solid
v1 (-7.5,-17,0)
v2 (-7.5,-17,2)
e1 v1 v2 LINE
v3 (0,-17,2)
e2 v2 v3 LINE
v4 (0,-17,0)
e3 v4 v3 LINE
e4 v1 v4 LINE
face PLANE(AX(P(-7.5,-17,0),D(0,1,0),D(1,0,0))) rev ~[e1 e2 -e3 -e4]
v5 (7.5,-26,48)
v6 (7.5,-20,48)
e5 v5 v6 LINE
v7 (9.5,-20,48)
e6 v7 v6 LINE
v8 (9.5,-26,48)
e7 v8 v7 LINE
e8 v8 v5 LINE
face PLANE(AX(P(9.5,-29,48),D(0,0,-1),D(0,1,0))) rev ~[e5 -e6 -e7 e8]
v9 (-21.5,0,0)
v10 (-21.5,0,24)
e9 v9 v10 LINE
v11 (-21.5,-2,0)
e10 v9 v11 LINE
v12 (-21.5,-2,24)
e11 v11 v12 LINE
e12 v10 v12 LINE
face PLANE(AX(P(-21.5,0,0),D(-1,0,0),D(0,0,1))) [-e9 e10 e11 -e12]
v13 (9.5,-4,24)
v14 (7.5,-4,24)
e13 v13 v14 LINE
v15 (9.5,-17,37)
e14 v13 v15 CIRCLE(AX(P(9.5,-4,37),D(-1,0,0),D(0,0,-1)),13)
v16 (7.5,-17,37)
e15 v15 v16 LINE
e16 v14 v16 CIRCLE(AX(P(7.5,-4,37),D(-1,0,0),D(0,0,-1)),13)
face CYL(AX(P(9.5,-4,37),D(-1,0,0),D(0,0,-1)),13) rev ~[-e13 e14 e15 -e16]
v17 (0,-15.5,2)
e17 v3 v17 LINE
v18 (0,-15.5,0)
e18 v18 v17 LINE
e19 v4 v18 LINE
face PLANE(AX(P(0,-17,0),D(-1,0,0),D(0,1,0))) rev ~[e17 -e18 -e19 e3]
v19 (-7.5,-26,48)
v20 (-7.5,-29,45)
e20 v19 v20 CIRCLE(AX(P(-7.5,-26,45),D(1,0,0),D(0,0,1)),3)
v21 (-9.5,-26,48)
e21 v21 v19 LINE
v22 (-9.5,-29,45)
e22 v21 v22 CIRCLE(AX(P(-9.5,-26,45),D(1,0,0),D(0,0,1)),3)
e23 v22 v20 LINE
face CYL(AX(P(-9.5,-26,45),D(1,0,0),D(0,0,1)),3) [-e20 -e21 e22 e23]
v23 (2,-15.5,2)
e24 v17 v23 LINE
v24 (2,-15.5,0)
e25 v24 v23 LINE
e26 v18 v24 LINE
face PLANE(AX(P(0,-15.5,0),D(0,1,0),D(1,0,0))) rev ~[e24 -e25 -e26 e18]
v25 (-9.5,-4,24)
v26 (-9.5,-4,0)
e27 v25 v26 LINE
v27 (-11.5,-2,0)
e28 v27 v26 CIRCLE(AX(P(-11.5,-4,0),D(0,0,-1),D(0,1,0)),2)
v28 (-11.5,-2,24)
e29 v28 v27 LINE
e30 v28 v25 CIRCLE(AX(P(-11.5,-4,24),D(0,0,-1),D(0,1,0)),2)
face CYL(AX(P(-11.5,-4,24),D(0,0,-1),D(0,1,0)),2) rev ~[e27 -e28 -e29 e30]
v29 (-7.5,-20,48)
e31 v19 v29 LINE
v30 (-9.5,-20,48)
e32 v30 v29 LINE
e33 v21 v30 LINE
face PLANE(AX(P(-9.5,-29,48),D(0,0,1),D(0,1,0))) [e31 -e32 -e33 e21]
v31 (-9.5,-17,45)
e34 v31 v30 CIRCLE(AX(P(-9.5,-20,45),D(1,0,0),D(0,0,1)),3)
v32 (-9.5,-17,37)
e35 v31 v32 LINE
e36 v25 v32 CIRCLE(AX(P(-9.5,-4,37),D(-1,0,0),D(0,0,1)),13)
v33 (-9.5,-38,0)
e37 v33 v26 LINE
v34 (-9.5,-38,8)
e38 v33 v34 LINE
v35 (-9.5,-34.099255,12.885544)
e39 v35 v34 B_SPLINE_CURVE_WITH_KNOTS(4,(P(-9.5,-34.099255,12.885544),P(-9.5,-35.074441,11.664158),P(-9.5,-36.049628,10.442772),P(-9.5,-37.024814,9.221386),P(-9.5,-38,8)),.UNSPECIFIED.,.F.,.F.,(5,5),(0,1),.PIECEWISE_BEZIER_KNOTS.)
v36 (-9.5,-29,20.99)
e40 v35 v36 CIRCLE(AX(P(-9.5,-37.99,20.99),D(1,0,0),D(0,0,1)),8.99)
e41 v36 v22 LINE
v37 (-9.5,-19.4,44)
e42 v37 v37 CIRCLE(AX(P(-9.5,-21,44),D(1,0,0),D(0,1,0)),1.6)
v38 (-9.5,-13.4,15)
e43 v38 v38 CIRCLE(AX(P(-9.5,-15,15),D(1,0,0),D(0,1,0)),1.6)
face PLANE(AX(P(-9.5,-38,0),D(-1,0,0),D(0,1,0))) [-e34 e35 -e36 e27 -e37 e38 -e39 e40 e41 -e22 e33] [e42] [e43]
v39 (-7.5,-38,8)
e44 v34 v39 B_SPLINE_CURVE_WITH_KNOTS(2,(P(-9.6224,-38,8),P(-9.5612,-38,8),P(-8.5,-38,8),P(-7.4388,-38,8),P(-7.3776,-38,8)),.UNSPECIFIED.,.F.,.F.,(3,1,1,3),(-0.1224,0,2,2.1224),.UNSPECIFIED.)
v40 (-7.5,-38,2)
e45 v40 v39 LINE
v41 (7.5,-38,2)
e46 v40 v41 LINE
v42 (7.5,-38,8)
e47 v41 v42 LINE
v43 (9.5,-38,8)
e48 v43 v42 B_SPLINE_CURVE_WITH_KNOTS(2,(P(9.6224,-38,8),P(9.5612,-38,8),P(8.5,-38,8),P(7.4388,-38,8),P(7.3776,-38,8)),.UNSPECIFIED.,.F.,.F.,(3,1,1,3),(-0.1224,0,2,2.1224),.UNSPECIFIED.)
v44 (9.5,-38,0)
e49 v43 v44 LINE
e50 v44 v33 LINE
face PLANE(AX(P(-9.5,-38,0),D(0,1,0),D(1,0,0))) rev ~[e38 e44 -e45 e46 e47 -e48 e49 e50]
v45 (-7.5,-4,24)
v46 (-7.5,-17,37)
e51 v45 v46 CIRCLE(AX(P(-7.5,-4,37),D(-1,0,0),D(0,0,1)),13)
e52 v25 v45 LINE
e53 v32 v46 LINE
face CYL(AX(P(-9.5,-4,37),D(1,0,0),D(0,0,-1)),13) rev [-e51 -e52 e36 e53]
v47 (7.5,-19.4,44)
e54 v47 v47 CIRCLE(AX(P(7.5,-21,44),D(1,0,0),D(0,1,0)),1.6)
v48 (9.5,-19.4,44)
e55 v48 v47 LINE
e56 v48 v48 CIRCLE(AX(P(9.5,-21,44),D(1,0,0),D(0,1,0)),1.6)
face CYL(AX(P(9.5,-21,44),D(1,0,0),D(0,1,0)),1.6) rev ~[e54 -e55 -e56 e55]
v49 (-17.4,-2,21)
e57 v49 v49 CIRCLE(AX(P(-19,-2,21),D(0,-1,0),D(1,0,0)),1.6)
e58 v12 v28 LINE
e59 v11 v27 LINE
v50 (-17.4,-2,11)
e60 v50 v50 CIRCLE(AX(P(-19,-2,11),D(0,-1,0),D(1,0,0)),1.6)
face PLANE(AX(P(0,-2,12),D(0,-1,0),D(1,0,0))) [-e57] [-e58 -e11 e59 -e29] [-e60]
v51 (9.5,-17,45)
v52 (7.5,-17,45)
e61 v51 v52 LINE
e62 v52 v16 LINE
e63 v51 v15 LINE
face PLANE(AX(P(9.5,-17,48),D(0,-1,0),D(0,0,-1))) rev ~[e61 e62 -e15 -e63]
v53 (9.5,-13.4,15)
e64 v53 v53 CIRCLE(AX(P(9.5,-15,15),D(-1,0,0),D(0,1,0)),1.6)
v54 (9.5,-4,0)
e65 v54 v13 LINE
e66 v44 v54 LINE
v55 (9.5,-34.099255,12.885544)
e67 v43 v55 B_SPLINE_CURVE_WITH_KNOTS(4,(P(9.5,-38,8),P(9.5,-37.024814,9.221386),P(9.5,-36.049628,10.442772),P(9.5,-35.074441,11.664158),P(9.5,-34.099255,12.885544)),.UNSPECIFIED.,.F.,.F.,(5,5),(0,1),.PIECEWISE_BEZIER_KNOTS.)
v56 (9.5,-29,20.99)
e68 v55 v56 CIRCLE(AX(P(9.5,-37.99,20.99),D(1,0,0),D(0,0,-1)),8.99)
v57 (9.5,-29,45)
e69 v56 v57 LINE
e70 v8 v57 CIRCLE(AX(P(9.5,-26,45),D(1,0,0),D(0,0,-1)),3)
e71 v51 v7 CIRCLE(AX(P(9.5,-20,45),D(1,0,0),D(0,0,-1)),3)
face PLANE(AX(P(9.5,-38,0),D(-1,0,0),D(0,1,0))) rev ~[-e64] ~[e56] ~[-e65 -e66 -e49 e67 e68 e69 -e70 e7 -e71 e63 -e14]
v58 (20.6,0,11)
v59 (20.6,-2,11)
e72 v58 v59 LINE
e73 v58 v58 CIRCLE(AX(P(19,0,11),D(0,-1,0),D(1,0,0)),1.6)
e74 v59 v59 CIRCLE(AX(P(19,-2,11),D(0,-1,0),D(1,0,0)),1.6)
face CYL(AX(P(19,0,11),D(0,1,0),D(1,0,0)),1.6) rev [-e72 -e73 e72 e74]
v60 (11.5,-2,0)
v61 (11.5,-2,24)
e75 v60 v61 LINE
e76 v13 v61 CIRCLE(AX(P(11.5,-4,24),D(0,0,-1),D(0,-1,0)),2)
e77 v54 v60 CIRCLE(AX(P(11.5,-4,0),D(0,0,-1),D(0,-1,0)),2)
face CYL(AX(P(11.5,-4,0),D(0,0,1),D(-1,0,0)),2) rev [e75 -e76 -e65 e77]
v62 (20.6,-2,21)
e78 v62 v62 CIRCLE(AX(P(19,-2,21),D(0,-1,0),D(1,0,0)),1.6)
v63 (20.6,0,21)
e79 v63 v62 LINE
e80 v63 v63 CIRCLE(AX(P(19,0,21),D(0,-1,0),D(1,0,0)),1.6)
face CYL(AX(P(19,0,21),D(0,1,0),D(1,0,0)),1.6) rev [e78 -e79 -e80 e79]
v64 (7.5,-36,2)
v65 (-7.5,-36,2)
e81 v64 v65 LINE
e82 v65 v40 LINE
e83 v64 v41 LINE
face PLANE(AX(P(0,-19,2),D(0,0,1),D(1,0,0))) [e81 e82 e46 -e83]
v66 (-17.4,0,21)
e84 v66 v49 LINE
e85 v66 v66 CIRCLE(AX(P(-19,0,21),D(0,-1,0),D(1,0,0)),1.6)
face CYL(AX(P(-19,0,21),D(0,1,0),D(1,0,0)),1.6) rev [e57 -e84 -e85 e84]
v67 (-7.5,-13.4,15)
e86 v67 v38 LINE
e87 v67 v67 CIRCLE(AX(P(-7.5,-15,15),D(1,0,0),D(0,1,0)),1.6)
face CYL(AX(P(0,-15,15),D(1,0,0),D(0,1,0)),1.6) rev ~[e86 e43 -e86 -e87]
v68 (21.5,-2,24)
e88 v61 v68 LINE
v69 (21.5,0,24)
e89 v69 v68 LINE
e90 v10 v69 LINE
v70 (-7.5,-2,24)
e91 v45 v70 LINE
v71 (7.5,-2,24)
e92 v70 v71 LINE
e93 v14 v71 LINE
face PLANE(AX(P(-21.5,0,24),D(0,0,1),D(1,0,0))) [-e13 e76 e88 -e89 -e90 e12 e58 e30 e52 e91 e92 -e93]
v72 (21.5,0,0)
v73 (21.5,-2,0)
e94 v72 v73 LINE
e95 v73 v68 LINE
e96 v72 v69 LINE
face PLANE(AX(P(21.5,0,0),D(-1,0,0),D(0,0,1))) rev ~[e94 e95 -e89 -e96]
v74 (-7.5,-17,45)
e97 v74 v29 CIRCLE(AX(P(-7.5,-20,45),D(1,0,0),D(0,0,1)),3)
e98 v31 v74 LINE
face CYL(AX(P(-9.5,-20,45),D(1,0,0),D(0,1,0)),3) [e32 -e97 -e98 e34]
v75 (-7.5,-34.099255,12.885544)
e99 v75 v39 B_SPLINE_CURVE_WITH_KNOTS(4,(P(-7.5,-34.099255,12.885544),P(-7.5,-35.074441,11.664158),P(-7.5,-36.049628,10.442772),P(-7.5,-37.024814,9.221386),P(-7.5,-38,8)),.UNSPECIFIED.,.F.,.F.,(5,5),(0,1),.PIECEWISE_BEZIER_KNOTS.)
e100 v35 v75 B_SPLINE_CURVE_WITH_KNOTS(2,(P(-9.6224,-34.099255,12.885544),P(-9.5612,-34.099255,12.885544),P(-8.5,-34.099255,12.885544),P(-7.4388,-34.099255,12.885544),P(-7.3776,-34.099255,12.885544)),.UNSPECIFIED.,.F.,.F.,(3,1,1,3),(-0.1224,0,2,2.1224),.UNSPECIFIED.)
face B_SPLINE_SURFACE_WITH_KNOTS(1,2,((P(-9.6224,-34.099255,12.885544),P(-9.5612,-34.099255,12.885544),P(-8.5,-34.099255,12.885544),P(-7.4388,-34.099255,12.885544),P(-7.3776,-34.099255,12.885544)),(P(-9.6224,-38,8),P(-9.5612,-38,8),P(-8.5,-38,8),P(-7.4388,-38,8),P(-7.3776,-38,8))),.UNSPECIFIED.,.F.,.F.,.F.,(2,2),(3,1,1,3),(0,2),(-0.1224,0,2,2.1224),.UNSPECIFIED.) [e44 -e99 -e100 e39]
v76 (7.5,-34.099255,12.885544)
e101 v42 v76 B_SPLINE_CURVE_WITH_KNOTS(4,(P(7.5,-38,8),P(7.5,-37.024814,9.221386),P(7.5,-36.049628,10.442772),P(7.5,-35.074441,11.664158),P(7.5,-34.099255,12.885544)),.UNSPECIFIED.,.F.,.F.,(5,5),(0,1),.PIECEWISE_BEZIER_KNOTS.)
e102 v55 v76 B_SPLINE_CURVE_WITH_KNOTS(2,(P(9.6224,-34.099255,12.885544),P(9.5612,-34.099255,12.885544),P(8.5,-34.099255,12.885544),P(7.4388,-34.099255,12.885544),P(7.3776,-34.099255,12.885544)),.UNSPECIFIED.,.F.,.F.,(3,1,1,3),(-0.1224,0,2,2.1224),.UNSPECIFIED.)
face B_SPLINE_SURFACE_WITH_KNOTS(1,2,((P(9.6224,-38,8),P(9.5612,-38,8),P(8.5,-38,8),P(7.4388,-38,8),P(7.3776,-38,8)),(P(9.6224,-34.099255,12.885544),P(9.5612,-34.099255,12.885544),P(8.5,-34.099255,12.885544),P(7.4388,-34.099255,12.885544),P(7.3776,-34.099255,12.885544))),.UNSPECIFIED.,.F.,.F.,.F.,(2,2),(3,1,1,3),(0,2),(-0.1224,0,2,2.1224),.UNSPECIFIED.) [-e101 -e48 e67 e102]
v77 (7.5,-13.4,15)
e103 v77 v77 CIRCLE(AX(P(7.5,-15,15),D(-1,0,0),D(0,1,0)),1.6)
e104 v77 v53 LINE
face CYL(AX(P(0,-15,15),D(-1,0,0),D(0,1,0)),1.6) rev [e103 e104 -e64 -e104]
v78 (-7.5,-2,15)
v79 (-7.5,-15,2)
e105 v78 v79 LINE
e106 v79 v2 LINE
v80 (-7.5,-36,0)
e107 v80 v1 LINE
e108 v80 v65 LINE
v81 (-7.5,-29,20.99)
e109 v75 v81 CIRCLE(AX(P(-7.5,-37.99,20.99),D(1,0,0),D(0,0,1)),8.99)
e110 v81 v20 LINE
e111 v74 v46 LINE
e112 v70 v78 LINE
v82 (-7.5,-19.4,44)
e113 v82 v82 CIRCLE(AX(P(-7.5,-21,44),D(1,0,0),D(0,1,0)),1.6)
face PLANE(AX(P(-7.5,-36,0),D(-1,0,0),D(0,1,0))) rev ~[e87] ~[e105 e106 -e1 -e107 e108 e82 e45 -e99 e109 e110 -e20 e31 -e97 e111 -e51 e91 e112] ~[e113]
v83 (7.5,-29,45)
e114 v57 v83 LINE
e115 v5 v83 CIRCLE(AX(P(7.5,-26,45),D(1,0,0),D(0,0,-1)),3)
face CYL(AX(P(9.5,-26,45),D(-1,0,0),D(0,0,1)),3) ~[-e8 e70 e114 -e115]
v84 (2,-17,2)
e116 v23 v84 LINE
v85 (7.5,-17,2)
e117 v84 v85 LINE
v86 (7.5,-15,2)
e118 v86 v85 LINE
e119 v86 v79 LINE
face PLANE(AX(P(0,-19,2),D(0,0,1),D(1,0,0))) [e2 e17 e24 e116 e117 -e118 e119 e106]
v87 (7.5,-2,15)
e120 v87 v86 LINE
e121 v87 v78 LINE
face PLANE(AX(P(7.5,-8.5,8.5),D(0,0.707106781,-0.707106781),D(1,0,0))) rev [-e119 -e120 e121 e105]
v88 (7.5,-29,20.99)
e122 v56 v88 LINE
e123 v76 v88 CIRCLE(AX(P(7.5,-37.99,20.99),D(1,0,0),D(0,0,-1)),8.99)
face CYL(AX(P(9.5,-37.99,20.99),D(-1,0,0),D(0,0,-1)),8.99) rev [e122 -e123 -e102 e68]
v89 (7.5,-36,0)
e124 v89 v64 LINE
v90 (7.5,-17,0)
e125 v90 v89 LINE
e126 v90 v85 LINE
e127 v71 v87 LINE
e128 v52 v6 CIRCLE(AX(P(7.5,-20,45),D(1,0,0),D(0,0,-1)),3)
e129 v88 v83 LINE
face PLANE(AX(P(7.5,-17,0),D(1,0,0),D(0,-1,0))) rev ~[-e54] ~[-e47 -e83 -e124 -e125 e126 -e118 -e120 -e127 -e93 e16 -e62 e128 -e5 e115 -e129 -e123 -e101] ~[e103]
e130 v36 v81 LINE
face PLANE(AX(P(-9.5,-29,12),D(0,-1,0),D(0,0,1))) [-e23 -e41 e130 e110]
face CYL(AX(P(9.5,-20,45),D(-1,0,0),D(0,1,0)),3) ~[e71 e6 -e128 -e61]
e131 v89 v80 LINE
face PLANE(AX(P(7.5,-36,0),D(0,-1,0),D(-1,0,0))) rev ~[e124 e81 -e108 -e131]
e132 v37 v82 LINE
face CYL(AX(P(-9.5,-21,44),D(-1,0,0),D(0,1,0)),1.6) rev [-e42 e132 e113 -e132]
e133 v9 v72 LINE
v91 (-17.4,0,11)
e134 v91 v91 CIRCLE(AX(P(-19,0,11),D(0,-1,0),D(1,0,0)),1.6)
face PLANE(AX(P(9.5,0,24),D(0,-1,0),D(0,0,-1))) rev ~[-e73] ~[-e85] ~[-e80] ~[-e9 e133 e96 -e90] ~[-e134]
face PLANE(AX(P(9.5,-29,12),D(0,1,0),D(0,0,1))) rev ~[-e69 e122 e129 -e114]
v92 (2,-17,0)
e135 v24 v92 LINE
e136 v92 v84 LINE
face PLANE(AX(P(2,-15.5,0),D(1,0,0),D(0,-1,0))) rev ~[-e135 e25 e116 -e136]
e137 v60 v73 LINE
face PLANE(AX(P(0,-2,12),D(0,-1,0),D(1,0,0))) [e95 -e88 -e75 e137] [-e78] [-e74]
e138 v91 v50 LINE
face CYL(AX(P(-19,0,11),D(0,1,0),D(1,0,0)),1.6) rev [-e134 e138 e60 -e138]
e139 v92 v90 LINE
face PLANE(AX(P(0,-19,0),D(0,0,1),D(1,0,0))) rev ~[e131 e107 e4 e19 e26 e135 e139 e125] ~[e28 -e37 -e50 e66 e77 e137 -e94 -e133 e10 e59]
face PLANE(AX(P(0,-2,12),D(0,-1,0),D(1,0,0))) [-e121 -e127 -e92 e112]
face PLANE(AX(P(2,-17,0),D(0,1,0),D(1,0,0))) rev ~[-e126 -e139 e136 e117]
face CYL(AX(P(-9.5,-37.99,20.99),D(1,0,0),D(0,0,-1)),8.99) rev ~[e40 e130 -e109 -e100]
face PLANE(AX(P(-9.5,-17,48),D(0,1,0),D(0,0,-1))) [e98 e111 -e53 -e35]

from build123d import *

# Parameters (mm, degrees)
SKETCH_W          = 43
SKETCH_H          = 24
SKETCH_R          = 1.6
PAD_DEPTH         = 2
SKETCH001_W       = 19
SKETCH001_H       = 38
PAD001_DEPTH      = 2
SKETCH002_R       = 1.6
PAD002_DEPTH      = 2
SKETCH005_R       = 1.6
PAD003_DEPTH      = 2
SKETCH004_R       = 1.6
POCKET_DEPTH      = 21.501
POCKET_DEPTH_BACK = -21.501
FILLET_R          = 2
FILLET001_R       = 8.99
CHAMFER_SIZE      = 4
CHAMFER001_SIZE   = 13
FILLET002_R       = 13
FILLET003_R       = 3


with BuildPart() as part:
    # Sketch → Pad (new body)
    with BuildSketch(Plane.XZ):
        with Locations((0, 12)):
            Rectangle(SKETCH_W, SKETCH_H)
        with Locations((-19, 21)):
            Circle(SKETCH_R, mode=Mode.SUBTRACT)
        with Locations((-19, 11)):
            Circle(SKETCH_R, mode=Mode.SUBTRACT)
        with Locations((19, 11)):
            Circle(SKETCH_R, mode=Mode.SUBTRACT)
        with Locations((19, 21)):
            Circle(SKETCH_R, mode=Mode.SUBTRACT)
    extrude(amount=PAD_DEPTH)

    # Sketch001 → Pad001 (join)
    with BuildSketch(Plane.XY):
        with Locations((0, -19)):
            Rectangle(SKETCH001_W, SKETCH001_H)
        Polygon((7.5, -17), (7.5, -36), (-7.5, -36), (-7.5, -17), (0, -17), (0, -15.5), (2, -15.5), (2, -17), align=None, mode=Mode.SUBTRACT)
    extrude(amount=PAD001_DEPTH)

    # Sketch002 (on DatumPlane) → Pad002 (join)
    with BuildSketch(Plane.YZ.offset(-9.5)):
        Polygon((0, 24), (0, 0), (-38, 0), (-38, 12), (-29, 12), (-29, 48), (-17, 48), (-17, 24), align=None)
        with Locations((-21, 44)):
            Circle(SKETCH002_R, mode=Mode.SUBTRACT)
    extrude(amount=PAD002_DEPTH)

    # Sketch005 (on DatumPlane) → Pad003 (join)
    with BuildSketch(Plane.YZ.offset(9.5)):
        Polygon((0, 24), (0, 0), (-38, 0), (-38, 12), (-29, 12), (-29, 48), (-17, 48), (-17, 24), align=None)
        with Locations((-21, 44)):
            Circle(SKETCH005_R, mode=Mode.SUBTRACT)
    extrude(amount=-PAD003_DEPTH)

    # Sketch004 → Pocket (cut, two sides)
    with BuildSketch(Plane.YZ) as pocket_sk:
        with Locations((-15, 15)):
            Circle(SKETCH004_R)
    extrude(amount=-POCKET_DEPTH, mode=Mode.SUBTRACT)
    extrude(pocket_sk.sketch, amount=-POCKET_DEPTH_BACK, mode=Mode.SUBTRACT)

    # Fillet
    fillet_edges = [part.edges().sort_by_distance(p)[0] for p in [
        (9.5, -2, 13),
        (-9.5, -2, 13),
    ]]
    fillet(fillet_edges, radius=FILLET_R)

    # Fillet001
    fillet001_edges = [part.edges().sort_by_distance(p)[0] for p in [
        (8.5, -29, 12),
        (-8.5, -29, 12),
    ]]
    fillet(fillet001_edges, radius=FILLET001_R)

    # Chamfer
    chamfer_edges = [part.edges().sort_by_distance(p)[0] for p in [
        (8.5, -38, 12),
        (-8.5, -38, 12),
    ]]
    chamfer(chamfer_edges, length=CHAMFER_SIZE)

    # Chamfer001
    chamfer001_edges = [part.edges().sort_by_distance(p)[0] for p in [
        (0, -2, 2),
    ]]
    chamfer(chamfer001_edges, length=CHAMFER001_SIZE)

    # Fillet002
    fillet002_edges = [part.edges().sort_by_distance(p)[0] for p in [
        (8.5, -17, 24),
        (-8.5, -17, 24),
    ]]
    fillet(fillet002_edges, radius=FILLET002_R)

    # Fillet003
    fillet003_edges = [part.edges().sort_by_distance(p)[0] for p in [
        (8.5, -29, 48),
        (-8.5, -29, 48),
        (-8.5, -17, 48),
        (8.5, -17, 48),
    ]]
    fillet(fillet003_edges, radius=FILLET003_R)


solid = part.part
